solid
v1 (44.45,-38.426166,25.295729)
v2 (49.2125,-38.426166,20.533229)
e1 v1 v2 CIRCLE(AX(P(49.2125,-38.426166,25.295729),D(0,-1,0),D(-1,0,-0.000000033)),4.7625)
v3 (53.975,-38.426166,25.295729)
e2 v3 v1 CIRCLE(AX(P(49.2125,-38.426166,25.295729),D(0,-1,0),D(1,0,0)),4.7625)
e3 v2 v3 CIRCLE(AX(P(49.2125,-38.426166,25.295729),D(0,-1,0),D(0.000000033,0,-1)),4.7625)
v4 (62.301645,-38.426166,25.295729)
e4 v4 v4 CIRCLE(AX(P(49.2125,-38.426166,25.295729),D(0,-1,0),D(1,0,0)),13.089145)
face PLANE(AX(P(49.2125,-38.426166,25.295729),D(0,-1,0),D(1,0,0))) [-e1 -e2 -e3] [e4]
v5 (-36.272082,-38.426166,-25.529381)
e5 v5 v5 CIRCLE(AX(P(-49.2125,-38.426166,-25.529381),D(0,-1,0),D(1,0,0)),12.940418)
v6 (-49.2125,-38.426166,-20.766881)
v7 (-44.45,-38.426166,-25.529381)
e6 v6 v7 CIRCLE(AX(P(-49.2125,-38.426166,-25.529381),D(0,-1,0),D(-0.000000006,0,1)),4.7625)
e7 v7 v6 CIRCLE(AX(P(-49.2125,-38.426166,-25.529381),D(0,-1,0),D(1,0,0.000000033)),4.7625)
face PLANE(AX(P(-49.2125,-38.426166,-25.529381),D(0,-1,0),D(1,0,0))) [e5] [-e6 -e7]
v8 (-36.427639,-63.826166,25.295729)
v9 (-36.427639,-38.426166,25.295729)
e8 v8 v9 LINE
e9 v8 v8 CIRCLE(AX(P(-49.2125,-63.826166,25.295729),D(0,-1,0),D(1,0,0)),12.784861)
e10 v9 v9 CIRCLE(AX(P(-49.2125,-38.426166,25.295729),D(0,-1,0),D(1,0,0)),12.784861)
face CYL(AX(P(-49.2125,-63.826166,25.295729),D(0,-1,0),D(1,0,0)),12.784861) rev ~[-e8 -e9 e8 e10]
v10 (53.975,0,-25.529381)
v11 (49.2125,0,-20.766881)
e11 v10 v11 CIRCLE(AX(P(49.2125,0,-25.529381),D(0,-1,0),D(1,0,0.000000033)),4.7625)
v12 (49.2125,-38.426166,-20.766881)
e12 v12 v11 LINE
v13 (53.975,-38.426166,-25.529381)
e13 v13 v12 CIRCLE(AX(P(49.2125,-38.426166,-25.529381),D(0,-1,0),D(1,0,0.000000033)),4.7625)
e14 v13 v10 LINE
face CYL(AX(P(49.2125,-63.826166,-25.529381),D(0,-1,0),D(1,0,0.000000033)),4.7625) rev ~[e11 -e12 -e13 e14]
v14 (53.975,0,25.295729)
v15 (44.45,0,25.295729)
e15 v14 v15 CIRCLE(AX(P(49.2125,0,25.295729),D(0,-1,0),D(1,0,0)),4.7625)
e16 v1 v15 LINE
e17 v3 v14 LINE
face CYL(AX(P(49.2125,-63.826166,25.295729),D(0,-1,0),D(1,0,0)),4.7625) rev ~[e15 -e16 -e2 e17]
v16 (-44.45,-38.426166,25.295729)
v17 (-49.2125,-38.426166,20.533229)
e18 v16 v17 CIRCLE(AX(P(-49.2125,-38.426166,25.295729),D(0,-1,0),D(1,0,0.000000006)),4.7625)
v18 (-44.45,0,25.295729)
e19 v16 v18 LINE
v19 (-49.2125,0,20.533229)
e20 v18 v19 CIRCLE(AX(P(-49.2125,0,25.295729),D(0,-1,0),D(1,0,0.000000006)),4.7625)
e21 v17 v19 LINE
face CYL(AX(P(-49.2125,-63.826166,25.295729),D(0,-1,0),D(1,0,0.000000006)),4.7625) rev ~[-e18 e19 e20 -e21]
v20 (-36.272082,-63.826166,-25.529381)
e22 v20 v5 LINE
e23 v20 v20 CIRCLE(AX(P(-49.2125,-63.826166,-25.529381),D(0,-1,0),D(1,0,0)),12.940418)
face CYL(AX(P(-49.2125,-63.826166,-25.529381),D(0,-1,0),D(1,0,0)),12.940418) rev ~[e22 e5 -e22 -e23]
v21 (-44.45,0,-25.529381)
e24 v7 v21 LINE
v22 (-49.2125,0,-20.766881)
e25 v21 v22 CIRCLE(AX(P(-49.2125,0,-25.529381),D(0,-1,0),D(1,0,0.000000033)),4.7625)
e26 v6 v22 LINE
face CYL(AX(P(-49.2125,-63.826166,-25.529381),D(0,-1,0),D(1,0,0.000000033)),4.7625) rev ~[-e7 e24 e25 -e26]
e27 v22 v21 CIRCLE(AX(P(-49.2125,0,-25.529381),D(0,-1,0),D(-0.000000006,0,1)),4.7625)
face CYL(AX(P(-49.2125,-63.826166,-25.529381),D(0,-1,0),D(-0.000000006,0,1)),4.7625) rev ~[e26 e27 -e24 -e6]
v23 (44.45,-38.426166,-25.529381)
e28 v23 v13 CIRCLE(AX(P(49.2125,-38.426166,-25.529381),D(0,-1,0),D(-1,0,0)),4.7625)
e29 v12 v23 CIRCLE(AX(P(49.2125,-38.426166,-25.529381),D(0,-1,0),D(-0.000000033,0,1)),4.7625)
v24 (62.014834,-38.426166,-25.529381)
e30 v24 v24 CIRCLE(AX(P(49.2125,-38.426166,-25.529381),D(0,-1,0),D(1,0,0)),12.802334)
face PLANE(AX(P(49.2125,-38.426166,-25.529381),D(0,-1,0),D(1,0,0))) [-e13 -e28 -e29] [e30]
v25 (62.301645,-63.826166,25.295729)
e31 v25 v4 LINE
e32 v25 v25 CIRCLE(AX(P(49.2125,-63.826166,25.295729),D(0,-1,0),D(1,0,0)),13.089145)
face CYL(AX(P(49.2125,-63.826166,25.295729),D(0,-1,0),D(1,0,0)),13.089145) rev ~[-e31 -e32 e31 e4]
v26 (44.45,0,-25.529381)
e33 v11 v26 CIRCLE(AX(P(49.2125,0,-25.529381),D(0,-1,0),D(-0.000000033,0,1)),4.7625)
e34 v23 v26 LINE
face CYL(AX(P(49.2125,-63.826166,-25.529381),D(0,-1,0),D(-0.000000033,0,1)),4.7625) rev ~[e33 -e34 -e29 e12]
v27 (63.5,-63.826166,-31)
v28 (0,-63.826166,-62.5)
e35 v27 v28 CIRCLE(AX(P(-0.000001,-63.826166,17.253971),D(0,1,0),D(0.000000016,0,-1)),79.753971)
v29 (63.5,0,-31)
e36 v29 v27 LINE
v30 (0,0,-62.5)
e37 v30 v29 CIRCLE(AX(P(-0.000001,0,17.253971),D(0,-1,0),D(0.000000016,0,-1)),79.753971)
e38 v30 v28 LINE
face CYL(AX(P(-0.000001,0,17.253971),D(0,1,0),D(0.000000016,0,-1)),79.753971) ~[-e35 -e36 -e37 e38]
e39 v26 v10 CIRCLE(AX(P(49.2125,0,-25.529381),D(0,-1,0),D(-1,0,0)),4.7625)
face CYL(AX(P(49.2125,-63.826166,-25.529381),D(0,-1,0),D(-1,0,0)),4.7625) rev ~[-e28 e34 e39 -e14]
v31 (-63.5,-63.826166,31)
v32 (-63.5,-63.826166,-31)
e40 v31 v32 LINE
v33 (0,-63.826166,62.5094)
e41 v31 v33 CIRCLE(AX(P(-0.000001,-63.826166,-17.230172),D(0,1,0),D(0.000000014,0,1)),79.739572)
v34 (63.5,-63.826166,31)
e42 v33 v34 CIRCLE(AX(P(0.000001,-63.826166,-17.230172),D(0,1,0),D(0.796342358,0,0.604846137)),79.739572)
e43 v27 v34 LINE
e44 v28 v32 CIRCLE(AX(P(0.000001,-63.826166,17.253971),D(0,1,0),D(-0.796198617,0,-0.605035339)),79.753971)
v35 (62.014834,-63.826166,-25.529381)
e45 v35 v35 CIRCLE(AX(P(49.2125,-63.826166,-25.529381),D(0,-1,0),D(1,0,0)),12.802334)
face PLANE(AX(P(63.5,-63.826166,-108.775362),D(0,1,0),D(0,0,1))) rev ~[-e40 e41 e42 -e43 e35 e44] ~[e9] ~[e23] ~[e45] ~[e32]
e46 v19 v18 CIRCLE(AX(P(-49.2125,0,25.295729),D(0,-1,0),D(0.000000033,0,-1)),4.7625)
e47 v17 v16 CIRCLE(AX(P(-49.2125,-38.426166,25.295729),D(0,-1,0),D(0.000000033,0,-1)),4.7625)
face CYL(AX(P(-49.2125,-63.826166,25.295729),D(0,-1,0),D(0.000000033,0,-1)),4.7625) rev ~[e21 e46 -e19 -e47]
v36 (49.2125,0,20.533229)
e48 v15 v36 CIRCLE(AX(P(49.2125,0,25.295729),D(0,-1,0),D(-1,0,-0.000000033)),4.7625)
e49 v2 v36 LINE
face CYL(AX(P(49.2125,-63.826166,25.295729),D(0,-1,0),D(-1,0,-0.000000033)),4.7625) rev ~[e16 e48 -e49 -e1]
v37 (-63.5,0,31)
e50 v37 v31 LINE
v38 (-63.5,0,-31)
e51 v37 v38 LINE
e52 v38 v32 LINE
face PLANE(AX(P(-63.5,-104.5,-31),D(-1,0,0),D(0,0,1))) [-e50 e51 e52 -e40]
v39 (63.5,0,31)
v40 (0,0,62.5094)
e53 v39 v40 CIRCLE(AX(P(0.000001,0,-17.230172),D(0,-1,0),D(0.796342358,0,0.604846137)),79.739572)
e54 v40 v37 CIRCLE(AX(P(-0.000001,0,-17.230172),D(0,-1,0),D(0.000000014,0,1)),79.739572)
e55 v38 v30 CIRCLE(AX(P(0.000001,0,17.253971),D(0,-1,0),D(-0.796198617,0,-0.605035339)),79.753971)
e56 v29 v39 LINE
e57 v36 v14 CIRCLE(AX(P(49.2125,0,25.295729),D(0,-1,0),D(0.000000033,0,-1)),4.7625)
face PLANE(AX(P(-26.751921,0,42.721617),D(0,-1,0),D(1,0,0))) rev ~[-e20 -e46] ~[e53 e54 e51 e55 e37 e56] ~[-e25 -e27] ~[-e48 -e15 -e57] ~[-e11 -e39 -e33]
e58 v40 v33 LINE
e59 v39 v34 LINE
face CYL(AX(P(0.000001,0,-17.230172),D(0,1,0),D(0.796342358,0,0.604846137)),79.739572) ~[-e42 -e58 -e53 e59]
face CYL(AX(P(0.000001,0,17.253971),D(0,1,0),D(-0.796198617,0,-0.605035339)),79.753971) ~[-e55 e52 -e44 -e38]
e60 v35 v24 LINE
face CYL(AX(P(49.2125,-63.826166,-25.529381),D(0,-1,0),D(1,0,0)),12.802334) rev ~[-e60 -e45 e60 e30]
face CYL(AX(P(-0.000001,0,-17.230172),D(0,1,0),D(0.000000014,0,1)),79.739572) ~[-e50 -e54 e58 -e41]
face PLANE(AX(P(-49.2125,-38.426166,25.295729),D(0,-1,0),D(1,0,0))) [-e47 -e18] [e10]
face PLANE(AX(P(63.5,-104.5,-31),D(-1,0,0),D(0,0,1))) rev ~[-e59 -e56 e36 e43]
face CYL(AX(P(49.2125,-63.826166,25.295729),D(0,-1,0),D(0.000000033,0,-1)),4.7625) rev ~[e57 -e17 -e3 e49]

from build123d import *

# Parameters (mm, degrees)
F1_DEPTH  = 104.5
F3_DEPTH  = 127.001
F4_W      = 127
F4_H      = 62
F5_DEPTH  = 27
F7_DEPTH  = 93.5104
F8_W      = 78.298144
F8_H      = 207.146659
F9_DEPTH  = 127.001
F11_DEPTH = 63.827166
F12_R     = 12.802334
F12_R_2   = 12.940418
F12_R_3   = 12.784861
F12_R_4   = 13.089145
F13_DEPTH = 25.4


with BuildPart() as f1:
    # F0 (on Front) → F1 (new body)
    with BuildSketch(Plane.XZ):
        with BuildLine():
            ThreePointArc((0, 62.5094), (-35.443943, 54.198998), (-63.5, 31))
            Line((-63.5, 31), (0, 31))
            Line((0, 31), (0, 62.5094))
        make_face()
        Polygon((0, 31), (-63.5, 31), (-63.5, -31), (0, -31), (0, 0), align=None)
        with BuildLine():
            Line((0, 62.5094), (0, 31))
            Line((0, 31), (63.5, 31))
            ThreePointArc((63.5, 31), (35.443943, 54.198998), (0, 62.5094))
        make_face()
        Polygon((63.5, 31), (0, 31), (0, 0), (0, -31), (63.5, -31), align=None)
        with BuildLine():
            Line((0, -31), (-63.5, -31))
            ThreePointArc((-63.5, -31), (-35.441854, -54.192308), (0, -62.5))
            Line((0, -62.5), (0, -31))
        make_face()
        with BuildLine():
            Line((63.5, -31), (0, -31))
            Line((0, -31), (0, -62.5))
            ThreePointArc((0, -62.5), (35.441854, -54.192308), (63.5, -31))
        make_face()
    extrude(amount=F1_DEPTH)

    # F2 (on face) → F3 (cut, through all)
    with BuildSketch(Plane.YZ.offset(63.5)):
        Polygon((-104.5, 72.844587), (-104.5, 31), (-62.5, 64.333223), align=None)
        Polygon((-62.5, -65.093011), (-104.5, -31), (-104.5, -67.313612), align=None)
    extrude(amount=-F3_DEPTH, mode=Mode.SUBTRACT)

    # F4 (on face) → F5 (join)
    with BuildSketch(Plane.XZ.offset(104.5)):
        Rectangle(F4_W, F4_H)
    extrude(amount=F5_DEPTH)

    # F6 (on face) → F7 (cut, through all)
    with BuildSketch(Plane(origin=(0, 0, -31), x_dir=(1, 0, 0), z_dir=(0, 0, -1))):
        with BuildLine():
            ThreePointArc((-63.5, 104.5), (-34.500906, 124.469723), (0, 131.5))
            Line((0, 131.5), (-63.5, 131.5))
            Line((-63.5, 131.5), (-63.5, 104.5))
        make_face()
        with BuildLine():
            ThreePointArc((0, 131.5), (34.500906, 124.469723), (63.5, 104.5))
            Line((63.5, 104.5), (63.5, 131.5))
            Line((63.5, 131.5), (0, 131.5))
        make_face()
    extrude(amount=-F7_DEPTH, mode=Mode.SUBTRACT)

    # F8 (on face) → F9 (cut, through all)
    with BuildSketch(Plane.YZ.offset(63.5)):
        with Locations((-102.975238, -5.202033)):
            Rectangle(F8_W, F8_H)
    extrude(amount=-F9_DEPTH, mode=Mode.SUBTRACT)

    # F10 (on face) → F11 (cut, through all)
    with BuildSketch(Plane.XZ.offset(63.826166)):
        with BuildLine():
            ThreePointArc((53.975, -25.529381), (52.580096, -22.161785), (49.2125, -20.766881))
            Line((49.2125, -20.766881), (49.2125, -25.529381))
            Line((49.2125, -25.529381), (44.45, -25.529381))
            ThreePointArc((44.45, -25.529381), (49.2125, -30.291881), (53.975, -25.529381))
        make_face()
        with BuildLine():
            Line((49.2125, -25.529381), (49.2125, -20.766881))
            ThreePointArc((49.2125, -20.766881), (45.844904, -22.161785), (44.45, -25.529381))
            Line((44.45, -25.529381), (49.2125, -25.529381))
        make_face()
        with BuildLine():
            Line((-49.2125, -25.529381), (-49.2125, -20.766881))
            ThreePointArc((-49.2125, -20.766881), (-52.580096, -28.896977), (-44.45, -25.529381))
            Line((-44.45, -25.529381), (-49.2125, -25.529381))
        make_face()
        with BuildLine():
            ThreePointArc((-44.45, -25.529381), (-45.844904, -22.161785), (-49.2125, -20.766881))
            Line((-49.2125, -20.766881), (-49.2125, -25.529381))
            Line((-49.2125, -25.529381), (-44.45, -25.529381))
        make_face()
        with BuildLine():
            ThreePointArc((-44.45, 25.295729), (-52.580096, 28.663325), (-49.2125, 20.533229))
            Line((-49.2125, 20.533229), (-49.2125, 25.295729))
            Line((-49.2125, 25.295729), (-44.45, 25.295729))
        make_face()
        with BuildLine():
            Line((-49.2125, 25.295729), (-49.2125, 20.533229))
            ThreePointArc((-49.2125, 20.533229), (-45.844904, 21.928133), (-44.45, 25.295729))
            Line((-44.45, 25.295729), (-49.2125, 25.295729))
        make_face()
        with BuildLine():
            ThreePointArc((44.45, 25.295729), (45.844904, 21.928133), (49.2125, 20.533229))
            Line((49.2125, 20.533229), (49.2125, 25.295729))
            Line((49.2125, 25.295729), (44.45, 25.295729))
        make_face()
        with BuildLine():
            Line((49.2125, 25.295729), (49.2125, 20.533229))
            ThreePointArc((49.2125, 20.533229), (52.580096, 21.928133), (53.975, 25.295729))
            ThreePointArc((53.975, 25.295729), (49.2125, 30.058229), (44.45, 25.295729))
            Line((44.45, 25.295729), (49.2125, 25.295729))
        make_face()
    extrude(amount=-F11_DEPTH, mode=Mode.SUBTRACT)

    # F12 (on face) → F13 (cut)
    with BuildSketch(Plane.XZ.offset(63.826166)):
        with Locations((49.2125, -25.529381)):
            Circle(F12_R)
        with Locations((-49.2125, -25.529381)):
            Circle(F12_R_2)
        with Locations((-49.2125, 25.295729)):
            Circle(F12_R_3)
        with Locations((49.2125, 25.295729)):
            Circle(F12_R_4)
    extrude(amount=-F13_DEPTH, mode=Mode.SUBTRACT)


solid = f1.part
